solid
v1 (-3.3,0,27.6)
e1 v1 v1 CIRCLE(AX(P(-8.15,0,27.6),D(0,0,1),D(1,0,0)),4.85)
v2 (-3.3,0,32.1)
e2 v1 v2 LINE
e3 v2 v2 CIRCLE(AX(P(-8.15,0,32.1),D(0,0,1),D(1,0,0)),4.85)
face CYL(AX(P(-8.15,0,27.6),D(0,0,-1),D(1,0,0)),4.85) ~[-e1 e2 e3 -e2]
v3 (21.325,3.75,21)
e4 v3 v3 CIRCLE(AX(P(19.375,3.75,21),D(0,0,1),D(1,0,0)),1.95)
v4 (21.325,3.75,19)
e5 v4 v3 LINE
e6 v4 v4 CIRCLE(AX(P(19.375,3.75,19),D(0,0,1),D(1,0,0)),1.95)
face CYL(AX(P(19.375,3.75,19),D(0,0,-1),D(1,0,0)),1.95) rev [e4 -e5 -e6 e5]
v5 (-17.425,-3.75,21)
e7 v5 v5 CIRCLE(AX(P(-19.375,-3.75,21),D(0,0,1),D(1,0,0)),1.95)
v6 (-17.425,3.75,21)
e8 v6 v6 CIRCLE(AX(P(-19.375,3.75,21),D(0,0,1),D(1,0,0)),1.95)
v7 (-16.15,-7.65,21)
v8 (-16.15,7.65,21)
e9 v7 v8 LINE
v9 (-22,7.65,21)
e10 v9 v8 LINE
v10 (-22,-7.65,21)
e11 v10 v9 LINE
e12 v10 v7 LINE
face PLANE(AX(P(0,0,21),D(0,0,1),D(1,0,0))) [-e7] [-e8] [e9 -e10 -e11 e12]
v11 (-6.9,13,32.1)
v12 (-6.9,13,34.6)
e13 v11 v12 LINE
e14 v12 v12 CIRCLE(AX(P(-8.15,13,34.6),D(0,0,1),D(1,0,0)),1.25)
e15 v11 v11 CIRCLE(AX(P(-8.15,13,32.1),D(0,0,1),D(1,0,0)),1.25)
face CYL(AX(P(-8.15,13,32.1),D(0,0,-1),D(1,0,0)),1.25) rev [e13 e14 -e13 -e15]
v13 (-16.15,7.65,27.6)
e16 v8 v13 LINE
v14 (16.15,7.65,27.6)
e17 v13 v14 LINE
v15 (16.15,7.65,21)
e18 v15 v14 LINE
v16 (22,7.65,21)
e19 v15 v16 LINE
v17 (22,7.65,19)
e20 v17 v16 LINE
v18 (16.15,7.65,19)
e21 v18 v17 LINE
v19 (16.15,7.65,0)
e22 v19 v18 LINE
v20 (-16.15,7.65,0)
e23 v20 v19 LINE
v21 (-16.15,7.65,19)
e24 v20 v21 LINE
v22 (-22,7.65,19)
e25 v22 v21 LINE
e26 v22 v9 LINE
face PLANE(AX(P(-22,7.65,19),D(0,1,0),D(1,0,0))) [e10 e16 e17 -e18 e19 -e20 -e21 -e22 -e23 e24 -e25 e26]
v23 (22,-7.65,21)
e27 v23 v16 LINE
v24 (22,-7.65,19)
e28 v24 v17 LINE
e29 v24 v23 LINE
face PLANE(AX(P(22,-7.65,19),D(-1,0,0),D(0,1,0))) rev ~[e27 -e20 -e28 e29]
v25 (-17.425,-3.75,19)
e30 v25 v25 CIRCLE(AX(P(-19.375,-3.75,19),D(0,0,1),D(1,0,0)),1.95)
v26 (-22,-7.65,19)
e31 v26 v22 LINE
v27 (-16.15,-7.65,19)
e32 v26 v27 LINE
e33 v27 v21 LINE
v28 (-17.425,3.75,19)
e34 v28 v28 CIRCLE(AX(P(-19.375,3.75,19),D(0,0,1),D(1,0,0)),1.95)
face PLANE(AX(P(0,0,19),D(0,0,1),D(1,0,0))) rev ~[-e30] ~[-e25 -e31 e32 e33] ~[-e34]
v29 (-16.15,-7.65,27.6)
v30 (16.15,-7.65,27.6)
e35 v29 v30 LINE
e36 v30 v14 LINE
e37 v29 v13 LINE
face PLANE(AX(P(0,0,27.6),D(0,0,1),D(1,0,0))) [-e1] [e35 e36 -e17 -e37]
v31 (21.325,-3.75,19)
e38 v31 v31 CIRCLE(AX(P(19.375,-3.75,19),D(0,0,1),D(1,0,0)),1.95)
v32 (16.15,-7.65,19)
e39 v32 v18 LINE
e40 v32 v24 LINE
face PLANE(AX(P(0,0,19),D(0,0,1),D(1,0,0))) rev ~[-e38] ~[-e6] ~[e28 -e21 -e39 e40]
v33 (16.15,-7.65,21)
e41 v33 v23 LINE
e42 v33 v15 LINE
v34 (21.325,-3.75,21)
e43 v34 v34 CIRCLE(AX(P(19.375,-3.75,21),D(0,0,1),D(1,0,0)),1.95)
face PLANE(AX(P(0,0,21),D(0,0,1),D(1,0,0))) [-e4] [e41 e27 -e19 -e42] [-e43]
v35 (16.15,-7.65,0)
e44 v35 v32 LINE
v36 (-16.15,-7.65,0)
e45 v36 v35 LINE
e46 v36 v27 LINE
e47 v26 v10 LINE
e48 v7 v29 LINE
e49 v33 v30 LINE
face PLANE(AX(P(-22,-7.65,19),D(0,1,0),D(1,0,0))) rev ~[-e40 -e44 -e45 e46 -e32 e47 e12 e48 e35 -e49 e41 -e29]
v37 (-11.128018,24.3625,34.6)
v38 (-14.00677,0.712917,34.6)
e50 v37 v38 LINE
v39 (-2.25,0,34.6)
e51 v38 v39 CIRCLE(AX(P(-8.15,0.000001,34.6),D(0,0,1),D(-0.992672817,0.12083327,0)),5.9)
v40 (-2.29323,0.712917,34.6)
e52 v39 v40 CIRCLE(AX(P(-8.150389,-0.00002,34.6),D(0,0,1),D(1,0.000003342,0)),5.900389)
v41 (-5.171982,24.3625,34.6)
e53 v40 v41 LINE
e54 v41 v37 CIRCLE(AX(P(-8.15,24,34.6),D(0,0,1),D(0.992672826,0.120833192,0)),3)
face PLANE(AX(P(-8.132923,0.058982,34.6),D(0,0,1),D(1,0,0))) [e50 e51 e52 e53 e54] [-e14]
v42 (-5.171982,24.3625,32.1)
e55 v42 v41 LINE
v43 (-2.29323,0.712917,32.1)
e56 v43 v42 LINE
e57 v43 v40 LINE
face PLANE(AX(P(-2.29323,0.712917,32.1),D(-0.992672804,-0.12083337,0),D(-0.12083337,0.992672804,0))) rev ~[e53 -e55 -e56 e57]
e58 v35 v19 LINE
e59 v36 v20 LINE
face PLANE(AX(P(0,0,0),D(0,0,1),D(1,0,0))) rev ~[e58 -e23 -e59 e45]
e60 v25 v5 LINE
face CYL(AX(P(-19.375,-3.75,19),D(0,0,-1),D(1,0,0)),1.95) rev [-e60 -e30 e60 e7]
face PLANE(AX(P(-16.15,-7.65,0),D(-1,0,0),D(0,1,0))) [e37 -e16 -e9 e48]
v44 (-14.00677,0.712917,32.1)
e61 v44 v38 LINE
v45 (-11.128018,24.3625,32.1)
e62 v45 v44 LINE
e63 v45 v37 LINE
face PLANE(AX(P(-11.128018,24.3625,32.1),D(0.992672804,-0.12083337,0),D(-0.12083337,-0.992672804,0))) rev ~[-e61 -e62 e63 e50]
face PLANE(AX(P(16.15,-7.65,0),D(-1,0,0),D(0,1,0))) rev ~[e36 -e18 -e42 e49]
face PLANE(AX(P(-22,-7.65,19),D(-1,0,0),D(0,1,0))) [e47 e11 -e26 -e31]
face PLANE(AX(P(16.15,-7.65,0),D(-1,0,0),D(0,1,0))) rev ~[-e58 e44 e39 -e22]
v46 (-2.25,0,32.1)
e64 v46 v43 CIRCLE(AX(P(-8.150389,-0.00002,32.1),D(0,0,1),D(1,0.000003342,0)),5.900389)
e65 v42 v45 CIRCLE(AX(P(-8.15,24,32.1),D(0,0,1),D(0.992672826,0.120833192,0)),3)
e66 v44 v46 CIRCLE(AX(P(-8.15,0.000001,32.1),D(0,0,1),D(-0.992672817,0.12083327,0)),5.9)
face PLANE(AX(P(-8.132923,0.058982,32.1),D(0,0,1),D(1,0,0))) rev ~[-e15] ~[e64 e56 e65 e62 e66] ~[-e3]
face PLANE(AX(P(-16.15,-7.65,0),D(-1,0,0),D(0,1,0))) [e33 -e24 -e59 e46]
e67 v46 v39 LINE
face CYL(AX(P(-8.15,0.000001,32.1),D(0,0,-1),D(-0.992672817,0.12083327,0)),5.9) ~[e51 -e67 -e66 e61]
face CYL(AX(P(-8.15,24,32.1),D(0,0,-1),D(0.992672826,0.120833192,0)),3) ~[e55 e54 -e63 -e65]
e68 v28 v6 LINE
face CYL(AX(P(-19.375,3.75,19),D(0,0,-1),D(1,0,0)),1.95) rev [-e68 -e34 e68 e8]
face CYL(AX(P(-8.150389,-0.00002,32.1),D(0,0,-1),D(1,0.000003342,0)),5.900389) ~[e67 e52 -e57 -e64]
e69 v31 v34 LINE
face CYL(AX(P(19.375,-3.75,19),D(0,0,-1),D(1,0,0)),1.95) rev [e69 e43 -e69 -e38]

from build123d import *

# Parameters (mm, degrees)
F0_W     = 32.3
F0_H     = 15.3
F1_DEPTH = 27.6
F3_W     = 44
F3_H     = 15.3
F3_R     = 1.95
F4_DEPTH = 2
F5_R     = 4.85
F6_DEPTH = 4.5
F7_R     = 1.25
F8_DEPTH = 2.5


with BuildPart() as f1:
    # F0 (on Top) → F1 (new body)
    with BuildSketch(Plane.XY):
        Rectangle(F0_W, F0_H)
    extrude(amount=F1_DEPTH)

    # F3 (on offset) → F4 (join)
    with BuildSketch(Plane.XY.offset(19)):
        Rectangle(F3_W, F3_H)
        with Locations((-19.375, -3.75)):
            Circle(F3_R, mode=Mode.SUBTRACT)
        with Locations((19.375, -3.75)):
            Circle(F3_R, mode=Mode.SUBTRACT)
        with Locations((-19.375, 3.75)):
            Circle(F3_R, mode=Mode.SUBTRACT)
        with Locations((19.375, 3.75)):
            Circle(F3_R, mode=Mode.SUBTRACT)
    extrude(amount=F4_DEPTH)

    # F5 (on face) → F6 (join)
    with BuildSketch(Plane.XY.offset(27.6)):
        with Locations((-8.15, 0)):
            Circle(F5_R)
    extrude(amount=F6_DEPTH)

    # F7 (on face) → F8 (join)
    with BuildSketch(Plane.XY.offset(32.1)):
        with BuildLine():
            ThreePointArc((-14.00677, 0.712917), (-8.507113, -5.889182), (-2.25, 0))
            ThreePointArc((-2.25, 0), (-2.260818, 0.357113), (-2.29323, 0.712917))
            ThreePointArc((-2.29323, 0.712917), (-8.15, 5.9), (-14.00677, 0.712917))
        make_face()
        with BuildLine():
            ThreePointArc((-14.00677, 0.712917), (-8.15, 5.9), (-2.29323, 0.712917))
            Line((-2.29323, 0.712917), (-5.171982, 24.3625))
            ThreePointArc((-5.171982, 24.3625), (-5.1555, 24.181583), (-5.15, 24))
            ThreePointArc((-5.15, 24), (-8.331583, 21.0055), (-11.128018, 24.3625))
            Line((-11.128018, 24.3625), (-14.00677, 0.712917))
        make_face()
        with Locations((-8.15, 13)):
            Circle(F7_R, mode=Mode.SUBTRACT)
        with BuildLine():
            ThreePointArc((-5.15, 24), (-5.1555, 24.181583), (-5.171982, 24.3625))
            ThreePointArc((-5.171982, 24.3625), (-8.15, 27), (-11.128018, 24.3625))
            ThreePointArc((-11.128018, 24.3625), (-8.331583, 21.0055), (-5.15, 24))
        make_face()
    extrude(amount=F8_DEPTH)


solid = f1.part
